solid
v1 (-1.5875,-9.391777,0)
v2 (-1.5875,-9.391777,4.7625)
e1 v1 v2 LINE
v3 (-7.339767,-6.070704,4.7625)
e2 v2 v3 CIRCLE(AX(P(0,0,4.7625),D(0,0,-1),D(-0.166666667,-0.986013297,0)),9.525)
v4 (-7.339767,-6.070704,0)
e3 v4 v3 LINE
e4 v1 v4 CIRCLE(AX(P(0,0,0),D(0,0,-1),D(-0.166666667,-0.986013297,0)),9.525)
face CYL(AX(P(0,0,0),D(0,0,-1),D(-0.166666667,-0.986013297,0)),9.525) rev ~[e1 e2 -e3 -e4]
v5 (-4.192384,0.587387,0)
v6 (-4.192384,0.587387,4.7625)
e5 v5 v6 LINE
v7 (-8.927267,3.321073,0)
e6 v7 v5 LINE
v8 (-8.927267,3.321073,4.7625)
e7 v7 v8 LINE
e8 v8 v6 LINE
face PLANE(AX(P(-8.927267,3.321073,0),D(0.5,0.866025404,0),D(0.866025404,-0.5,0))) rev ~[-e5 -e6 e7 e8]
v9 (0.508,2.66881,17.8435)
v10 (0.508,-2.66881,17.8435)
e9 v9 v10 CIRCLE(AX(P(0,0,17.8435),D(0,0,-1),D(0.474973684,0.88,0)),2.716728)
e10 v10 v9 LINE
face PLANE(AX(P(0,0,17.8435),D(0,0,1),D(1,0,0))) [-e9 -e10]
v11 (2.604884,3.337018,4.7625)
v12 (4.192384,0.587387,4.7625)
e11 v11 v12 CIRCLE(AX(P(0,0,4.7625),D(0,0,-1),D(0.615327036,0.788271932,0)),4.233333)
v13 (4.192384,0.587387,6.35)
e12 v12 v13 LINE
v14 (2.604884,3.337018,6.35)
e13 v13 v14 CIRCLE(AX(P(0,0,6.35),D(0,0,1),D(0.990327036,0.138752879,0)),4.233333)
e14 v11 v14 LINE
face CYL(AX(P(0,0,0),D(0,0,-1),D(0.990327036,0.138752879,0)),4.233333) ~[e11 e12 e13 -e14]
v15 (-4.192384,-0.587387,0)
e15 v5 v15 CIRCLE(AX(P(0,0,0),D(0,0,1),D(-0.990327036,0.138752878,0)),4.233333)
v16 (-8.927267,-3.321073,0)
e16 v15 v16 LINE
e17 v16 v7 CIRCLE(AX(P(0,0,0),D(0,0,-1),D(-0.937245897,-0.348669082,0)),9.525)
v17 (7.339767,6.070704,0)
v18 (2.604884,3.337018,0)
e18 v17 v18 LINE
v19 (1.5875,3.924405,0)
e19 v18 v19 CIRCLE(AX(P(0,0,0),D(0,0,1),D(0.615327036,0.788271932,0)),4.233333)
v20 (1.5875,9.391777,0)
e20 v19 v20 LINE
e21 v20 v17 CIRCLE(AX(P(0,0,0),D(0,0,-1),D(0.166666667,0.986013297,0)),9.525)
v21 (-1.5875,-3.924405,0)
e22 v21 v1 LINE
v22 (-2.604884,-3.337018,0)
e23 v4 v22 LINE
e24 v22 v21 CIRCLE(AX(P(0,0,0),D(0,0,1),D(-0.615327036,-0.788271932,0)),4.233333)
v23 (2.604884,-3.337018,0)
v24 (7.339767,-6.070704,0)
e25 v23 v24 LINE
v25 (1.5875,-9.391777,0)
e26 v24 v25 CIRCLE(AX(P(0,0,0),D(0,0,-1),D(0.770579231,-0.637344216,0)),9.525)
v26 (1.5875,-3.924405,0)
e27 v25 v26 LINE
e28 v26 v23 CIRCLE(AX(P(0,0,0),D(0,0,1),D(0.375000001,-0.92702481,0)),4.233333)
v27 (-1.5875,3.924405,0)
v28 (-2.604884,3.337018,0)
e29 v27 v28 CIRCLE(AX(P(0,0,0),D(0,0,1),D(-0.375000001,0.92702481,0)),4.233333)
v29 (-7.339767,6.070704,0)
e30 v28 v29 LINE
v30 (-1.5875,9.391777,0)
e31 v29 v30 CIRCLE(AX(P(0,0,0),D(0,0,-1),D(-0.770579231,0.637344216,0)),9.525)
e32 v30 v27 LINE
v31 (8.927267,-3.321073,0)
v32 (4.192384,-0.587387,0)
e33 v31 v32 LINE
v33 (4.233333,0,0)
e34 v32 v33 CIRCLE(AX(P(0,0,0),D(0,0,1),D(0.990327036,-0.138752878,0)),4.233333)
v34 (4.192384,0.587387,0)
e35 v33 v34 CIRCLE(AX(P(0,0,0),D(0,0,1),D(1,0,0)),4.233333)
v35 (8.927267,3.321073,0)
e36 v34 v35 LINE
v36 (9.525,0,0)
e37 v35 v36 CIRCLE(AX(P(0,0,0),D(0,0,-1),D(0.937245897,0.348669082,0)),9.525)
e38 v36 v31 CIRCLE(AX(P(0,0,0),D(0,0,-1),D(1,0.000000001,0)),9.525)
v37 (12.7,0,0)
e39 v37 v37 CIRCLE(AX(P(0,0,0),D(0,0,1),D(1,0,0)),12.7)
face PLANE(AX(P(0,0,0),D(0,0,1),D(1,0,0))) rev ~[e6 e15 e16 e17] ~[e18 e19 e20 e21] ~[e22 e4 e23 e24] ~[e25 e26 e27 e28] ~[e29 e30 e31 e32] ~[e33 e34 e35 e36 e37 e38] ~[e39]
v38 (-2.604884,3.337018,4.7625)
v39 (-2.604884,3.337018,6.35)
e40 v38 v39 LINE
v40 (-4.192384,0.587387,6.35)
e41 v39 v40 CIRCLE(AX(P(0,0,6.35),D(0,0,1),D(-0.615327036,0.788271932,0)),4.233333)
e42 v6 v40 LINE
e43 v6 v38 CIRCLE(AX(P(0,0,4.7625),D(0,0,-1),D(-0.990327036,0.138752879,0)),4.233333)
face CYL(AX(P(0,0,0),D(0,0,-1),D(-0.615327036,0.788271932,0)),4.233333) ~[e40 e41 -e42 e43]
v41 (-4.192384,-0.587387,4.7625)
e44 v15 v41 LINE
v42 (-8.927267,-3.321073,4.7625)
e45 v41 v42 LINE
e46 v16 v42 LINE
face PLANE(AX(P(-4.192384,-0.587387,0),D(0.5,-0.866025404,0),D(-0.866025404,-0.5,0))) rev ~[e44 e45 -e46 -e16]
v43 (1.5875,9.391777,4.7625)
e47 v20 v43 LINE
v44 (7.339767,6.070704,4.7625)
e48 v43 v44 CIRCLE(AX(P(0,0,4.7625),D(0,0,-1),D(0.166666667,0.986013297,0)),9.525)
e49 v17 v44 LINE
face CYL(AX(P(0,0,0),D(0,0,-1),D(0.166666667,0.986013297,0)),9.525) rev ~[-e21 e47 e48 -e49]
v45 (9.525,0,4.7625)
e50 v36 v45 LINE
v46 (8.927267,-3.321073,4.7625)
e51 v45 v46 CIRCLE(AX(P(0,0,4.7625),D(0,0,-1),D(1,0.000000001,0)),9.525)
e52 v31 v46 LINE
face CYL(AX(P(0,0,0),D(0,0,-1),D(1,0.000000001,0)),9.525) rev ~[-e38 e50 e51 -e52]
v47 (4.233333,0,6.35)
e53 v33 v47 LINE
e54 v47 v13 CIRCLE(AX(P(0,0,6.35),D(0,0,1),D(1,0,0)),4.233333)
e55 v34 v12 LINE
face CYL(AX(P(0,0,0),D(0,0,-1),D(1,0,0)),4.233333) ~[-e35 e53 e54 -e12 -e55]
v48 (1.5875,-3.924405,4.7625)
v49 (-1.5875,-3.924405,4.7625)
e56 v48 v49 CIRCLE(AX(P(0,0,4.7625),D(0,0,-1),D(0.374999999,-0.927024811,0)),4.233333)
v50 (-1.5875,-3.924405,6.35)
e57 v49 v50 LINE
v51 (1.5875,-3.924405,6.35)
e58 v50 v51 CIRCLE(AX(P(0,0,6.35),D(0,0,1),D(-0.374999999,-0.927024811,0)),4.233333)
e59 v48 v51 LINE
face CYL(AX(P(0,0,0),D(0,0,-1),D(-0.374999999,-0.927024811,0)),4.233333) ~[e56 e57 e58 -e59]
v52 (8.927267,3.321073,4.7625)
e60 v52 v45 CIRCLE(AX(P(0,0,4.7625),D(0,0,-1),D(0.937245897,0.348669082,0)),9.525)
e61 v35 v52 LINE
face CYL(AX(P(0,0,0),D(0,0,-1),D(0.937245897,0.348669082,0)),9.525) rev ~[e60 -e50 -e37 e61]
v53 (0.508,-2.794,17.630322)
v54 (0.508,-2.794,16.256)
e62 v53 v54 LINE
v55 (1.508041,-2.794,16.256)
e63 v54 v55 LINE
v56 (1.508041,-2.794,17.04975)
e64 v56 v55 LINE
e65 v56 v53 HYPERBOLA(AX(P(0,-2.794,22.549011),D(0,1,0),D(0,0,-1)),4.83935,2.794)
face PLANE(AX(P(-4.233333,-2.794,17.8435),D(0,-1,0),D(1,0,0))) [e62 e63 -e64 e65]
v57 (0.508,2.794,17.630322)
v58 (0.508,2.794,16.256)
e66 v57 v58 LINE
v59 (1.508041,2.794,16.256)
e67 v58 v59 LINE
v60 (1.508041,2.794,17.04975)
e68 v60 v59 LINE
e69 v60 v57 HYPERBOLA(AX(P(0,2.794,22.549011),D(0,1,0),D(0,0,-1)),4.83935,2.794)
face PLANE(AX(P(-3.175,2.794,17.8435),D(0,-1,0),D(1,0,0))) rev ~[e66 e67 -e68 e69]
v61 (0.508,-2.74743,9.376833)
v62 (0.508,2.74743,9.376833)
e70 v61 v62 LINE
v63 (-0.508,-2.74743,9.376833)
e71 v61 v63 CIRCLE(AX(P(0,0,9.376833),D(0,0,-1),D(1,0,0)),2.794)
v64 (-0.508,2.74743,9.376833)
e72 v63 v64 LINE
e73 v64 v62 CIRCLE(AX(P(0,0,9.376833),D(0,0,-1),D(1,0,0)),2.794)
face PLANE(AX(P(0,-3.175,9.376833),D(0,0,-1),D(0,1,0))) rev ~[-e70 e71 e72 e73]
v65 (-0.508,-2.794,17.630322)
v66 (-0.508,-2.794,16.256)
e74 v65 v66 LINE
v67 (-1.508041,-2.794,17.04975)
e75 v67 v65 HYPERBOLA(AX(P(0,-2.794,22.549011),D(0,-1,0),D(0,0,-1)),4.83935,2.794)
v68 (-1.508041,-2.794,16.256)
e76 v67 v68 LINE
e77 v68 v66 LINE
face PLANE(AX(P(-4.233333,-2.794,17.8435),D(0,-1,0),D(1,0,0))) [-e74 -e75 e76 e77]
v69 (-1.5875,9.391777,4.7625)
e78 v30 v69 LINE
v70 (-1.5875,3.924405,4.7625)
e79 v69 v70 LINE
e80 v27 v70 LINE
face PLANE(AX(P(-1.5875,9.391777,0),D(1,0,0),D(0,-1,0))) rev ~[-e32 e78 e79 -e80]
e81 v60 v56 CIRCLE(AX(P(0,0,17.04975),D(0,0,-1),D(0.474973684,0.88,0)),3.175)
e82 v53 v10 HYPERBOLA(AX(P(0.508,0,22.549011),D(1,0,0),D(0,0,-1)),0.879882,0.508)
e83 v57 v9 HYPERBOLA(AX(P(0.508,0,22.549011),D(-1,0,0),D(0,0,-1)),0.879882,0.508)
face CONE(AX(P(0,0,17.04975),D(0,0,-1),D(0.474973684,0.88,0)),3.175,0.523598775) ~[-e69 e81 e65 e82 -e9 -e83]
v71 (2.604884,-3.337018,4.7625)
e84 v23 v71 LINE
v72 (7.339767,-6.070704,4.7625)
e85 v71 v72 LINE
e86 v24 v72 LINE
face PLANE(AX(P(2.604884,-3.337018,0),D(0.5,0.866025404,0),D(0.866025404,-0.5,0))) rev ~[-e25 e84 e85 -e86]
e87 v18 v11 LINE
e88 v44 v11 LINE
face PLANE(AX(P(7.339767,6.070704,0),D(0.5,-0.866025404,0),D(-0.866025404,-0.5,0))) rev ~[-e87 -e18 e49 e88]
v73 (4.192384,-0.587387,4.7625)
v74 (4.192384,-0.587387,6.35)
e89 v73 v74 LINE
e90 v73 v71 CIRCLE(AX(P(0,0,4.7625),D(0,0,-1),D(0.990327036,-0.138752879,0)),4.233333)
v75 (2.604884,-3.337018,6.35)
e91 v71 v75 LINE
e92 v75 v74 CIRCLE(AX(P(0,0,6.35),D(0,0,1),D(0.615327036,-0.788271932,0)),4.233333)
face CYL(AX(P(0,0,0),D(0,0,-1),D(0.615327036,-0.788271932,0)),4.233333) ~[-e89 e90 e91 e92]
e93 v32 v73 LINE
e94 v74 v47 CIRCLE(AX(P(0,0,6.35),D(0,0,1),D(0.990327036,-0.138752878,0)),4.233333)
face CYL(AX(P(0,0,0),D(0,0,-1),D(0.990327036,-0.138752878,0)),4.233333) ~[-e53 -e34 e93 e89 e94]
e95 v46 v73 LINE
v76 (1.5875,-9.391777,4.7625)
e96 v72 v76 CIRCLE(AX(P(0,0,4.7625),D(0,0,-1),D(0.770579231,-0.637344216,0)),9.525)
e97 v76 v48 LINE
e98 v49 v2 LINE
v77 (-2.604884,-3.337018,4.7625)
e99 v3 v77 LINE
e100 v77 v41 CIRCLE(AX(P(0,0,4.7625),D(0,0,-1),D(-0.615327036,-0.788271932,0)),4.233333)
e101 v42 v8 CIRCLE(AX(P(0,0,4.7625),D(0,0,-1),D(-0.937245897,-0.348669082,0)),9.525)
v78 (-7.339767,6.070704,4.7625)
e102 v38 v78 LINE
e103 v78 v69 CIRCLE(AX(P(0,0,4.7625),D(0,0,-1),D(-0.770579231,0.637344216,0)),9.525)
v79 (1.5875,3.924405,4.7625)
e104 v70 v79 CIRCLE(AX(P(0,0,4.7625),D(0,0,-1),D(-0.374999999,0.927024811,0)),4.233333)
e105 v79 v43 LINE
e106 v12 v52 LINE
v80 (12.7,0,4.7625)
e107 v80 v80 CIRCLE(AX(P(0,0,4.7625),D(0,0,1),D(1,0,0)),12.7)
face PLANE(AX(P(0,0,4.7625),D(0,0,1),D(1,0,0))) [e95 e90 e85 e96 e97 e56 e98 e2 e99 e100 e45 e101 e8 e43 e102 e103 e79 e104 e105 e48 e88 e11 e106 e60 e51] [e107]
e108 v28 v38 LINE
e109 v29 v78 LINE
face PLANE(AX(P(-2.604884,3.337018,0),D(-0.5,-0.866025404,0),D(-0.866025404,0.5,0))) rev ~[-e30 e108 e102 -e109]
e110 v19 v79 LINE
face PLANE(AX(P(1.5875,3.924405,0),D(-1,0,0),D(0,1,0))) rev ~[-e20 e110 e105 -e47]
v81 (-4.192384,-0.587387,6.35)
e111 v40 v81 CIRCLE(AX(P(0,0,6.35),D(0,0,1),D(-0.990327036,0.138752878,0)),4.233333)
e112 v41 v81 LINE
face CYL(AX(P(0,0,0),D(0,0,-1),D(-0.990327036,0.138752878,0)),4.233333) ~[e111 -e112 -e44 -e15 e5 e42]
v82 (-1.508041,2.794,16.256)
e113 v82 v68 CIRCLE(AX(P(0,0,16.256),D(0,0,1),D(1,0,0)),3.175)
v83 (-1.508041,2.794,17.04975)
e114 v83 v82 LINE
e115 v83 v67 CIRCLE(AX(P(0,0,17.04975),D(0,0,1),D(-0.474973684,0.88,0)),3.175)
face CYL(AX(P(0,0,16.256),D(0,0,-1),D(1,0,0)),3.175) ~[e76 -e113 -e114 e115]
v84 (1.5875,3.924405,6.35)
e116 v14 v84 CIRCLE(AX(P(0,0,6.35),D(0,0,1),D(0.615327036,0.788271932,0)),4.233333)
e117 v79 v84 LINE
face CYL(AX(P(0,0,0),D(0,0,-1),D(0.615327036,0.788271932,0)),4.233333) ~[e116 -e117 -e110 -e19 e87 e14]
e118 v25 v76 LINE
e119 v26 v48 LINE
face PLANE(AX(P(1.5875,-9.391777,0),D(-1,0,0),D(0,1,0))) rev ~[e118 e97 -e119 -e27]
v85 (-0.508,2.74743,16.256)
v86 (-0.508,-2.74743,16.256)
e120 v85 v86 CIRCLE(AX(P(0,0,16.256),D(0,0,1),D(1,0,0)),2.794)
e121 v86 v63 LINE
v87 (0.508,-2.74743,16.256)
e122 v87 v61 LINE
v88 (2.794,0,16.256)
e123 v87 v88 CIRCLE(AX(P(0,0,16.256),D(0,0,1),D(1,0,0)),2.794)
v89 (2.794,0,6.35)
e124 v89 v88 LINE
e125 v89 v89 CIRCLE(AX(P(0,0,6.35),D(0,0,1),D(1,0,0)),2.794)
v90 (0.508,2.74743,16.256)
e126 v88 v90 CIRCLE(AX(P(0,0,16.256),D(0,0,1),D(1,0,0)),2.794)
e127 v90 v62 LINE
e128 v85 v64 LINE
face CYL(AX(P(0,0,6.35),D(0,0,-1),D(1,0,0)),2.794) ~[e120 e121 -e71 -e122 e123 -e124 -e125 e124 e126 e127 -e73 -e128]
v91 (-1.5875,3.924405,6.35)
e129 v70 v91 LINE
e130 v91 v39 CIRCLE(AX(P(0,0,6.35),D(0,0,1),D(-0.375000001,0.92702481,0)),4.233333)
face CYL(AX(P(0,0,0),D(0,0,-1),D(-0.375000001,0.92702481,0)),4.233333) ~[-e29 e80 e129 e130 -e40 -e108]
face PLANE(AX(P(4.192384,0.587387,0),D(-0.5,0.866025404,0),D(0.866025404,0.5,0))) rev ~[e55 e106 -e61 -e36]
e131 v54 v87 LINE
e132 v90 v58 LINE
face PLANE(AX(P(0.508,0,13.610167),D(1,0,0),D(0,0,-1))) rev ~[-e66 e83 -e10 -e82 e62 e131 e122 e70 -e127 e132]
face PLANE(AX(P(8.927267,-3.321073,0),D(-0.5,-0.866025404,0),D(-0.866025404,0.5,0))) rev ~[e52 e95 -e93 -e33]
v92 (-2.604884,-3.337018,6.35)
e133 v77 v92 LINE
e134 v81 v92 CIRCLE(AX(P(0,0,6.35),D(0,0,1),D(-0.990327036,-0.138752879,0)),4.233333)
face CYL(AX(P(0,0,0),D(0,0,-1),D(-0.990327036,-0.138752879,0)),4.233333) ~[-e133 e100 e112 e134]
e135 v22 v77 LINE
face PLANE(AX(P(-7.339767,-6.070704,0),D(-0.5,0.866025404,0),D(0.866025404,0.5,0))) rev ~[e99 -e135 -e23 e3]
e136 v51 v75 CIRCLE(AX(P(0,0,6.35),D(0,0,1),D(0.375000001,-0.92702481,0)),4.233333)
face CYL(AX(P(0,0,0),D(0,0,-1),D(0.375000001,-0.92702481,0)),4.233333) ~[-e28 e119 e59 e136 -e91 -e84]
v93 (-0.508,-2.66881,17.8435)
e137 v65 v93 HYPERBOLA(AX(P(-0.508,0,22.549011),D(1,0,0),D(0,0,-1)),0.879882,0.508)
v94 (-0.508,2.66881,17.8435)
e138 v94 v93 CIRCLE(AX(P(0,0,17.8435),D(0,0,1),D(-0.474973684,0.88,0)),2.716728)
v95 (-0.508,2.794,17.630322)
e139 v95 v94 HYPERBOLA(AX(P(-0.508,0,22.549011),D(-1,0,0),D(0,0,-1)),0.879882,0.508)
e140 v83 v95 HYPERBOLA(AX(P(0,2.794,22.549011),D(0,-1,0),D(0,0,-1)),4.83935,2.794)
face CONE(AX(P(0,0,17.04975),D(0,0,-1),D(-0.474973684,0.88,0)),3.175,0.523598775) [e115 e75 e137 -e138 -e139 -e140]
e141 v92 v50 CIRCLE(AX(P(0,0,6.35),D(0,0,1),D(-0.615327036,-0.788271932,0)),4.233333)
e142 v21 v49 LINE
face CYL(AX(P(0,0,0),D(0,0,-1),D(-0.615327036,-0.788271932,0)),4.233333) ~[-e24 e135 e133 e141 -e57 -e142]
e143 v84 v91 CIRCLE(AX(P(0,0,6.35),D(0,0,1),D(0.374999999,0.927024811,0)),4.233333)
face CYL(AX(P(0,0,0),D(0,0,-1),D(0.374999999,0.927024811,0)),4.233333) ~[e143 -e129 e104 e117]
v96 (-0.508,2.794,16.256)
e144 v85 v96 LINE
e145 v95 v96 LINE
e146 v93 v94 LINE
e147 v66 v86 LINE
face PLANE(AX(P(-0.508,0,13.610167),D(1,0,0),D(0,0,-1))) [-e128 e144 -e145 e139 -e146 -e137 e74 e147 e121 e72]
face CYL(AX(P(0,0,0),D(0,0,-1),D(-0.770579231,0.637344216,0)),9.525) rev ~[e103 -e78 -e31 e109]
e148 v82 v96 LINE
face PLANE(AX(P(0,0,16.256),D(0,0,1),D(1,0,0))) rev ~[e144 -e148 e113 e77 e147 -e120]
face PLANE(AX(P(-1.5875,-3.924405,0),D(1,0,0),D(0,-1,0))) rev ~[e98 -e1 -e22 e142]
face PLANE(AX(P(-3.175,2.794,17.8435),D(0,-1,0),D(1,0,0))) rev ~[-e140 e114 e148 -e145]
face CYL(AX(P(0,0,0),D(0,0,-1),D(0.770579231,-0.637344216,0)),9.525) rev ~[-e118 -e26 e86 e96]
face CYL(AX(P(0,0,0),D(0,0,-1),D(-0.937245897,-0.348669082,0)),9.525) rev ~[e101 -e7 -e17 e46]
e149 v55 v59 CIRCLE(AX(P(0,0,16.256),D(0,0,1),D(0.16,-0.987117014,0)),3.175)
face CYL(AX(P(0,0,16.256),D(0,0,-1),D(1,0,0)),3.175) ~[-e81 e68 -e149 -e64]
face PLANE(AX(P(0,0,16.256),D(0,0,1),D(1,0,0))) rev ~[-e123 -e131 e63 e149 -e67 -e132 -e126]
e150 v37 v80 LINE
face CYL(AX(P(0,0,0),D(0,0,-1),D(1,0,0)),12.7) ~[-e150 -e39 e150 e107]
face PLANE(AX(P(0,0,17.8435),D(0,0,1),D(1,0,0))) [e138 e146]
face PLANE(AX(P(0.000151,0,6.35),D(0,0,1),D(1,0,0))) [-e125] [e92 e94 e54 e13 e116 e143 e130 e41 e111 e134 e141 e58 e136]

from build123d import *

# Parameters (mm, degrees)
BOSS_EXTRUDE1_DEPTH = 6.35
BOSS_EXTRUDE2_DEPTH = 4.7625
SKETCH1_4_R         = 12.7
BOSS_EXTRUDE3_DEPTH = 4.7625
SKETCH2_R           = 2.794
BOSS_EXTRUDE4_DEPTH = 9.906
SKETCH3_R           = 3.175
BOSS_EXTRUDE5_DEPTH = 1.5875
SKETCH4_W           = 8.466666667
SKETCH4_H           = 6.35
CUT_EXTRUDE1_DEPTH  = 0.508
SKETCH5_W           = 6.35
SKETCH5_H           = 1.439333333
SKETCH5_W_2         = 8.466666666
CUT_EXTRUDE2_DEPTH  = 1.5875
CHAMFER1_SIZE       = 0.79375
CHAMFER1_SIZE2      = 0.458271776
CHAMFER2_SIZE       = 0.79375
CHAMFER2_SIZE2      = 0.458271776


with BuildPart() as part:
    # Sketch1 → Boss-Extrude1 (new body)
    with BuildSketch(Plane.XY):
        with BuildLine():
            ThreePointArc((1.5875, 3.924405033), (0, 4.233333333), (-1.5875, 3.924405033))
            ThreePointArc((-1.5875, 3.924405033), (-2.116666667, 3.666174209), (-2.604884453, 3.337017845))
            ThreePointArc((-2.604884453, 3.337017845), (-3.666174209, 2.116666667), (-4.192384453, 0.587387188))
            ThreePointArc((-4.192384453, 0.587387188), (-4.233333333, 0), (-4.192384453, -0.587387188))
            ThreePointArc((-4.192384453, -0.587387188), (-3.666174209, -2.116666667), (-2.604884453, -3.337017845))
            ThreePointArc((-2.604884453, -3.337017845), (-2.116666667, -3.666174209), (-1.5875, -3.924405033))
            ThreePointArc((-1.5875, -3.924405033), (0, -4.233333333), (1.5875, -3.924405033))
            ThreePointArc((1.5875, -3.924405033), (2.116666667, -3.666174209), (2.604884453, -3.337017845))
            ThreePointArc((2.604884453, -3.337017845), (3.666174209, -2.116666667), (4.192384453, -0.587387188))
            ThreePointArc((4.192384453, -0.587387188), (4.223083705, -0.294406402), (4.233333333, 0))
            ThreePointArc((4.233333333, 0), (4.223083705, 0.294406402), (4.192384453, 0.587387188))
            ThreePointArc((4.192384453, 0.587387188), (3.666174209, 2.116666667), (2.604884453, 3.337017845))
            ThreePointArc((2.604884453, 3.337017845), (2.116666667, 3.666174209), (1.5875, 3.924405033))
        make_face()
    extrude(amount=BOSS_EXTRUDE1_DEPTH)

    # Sketch1<3> → Boss-Extrude2 (add)
    with BuildSketch(Plane.XY):
        with BuildLine():
            Line((-1.5875, 9.391776656), (-1.5875, 3.924405033))
            ThreePointArc((-1.5875, 3.924405033), (0, 4.233333333), (1.5875, 3.924405033))
            Line((1.5875, 3.924405033), (1.5875, 9.391776656))
            ThreePointArc((1.5875, 9.391776656), (0, 9.525), (-1.5875, 9.391776656))
        make_face()
        with BuildLine():
            ThreePointArc((-4.192384453, 0.587387188), (-3.666174209, 2.116666667), (-2.604884453, 3.337017845))
            Line((-2.604884453, 3.337017845), (-7.33976717, 6.070703656))
            ThreePointArc((-7.33976717, 6.070703656), (-8.248891971, 4.7625), (-8.92726717, 3.321072999))
            Line((-8.92726717, 3.321072999), (-4.192384453, 0.587387188))
        make_face()
        with BuildLine():
            Line((7.33976717, 6.070703656), (2.604884453, 3.337017845))
            ThreePointArc((2.604884453, 3.337017845), (3.666174209, 2.116666667), (4.192384453, 0.587387188))
            Line((4.192384453, 0.587387188), (8.92726717, 3.321072999))
            ThreePointArc((8.92726717, 3.321072999), (8.248891971, 4.7625), (7.33976717, 6.070703656))
        make_face()
        with BuildLine():
            ThreePointArc((-2.604884453, -3.337017845), (-3.666174209, -2.116666667), (-4.192384453, -0.587387188))
            Line((-4.192384453, -0.587387188), (-8.92726717, -3.321072999))
            ThreePointArc((-8.92726717, -3.321072999), (-8.248891971, -4.7625), (-7.33976717, -6.070703656))
            Line((-7.33976717, -6.070703656), (-2.604884453, -3.337017845))
        make_face()
        with BuildLine():
            Line((8.92726717, -3.321072999), (4.192384453, -0.587387188))
            ThreePointArc((4.192384453, -0.587387188), (3.666174209, -2.116666667), (2.604884453, -3.337017845))
            Line((2.604884453, -3.337017845), (7.33976717, -6.070703656))
            ThreePointArc((7.33976717, -6.070703656), (8.248891971, -4.7625), (8.92726717, -3.321072999))
        make_face()
        with BuildLine():
            ThreePointArc((1.5875, -3.924405033), (0, -4.233333333), (-1.5875, -3.924405033))
            Line((-1.5875, -3.924405033), (-1.5875, -9.391776656))
            ThreePointArc((-1.5875, -9.391776656), (0, -9.525), (1.5875, -9.391776656))
            Line((1.5875, -9.391776656), (1.5875, -3.924405033))
        make_face()
    extrude(amount=BOSS_EXTRUDE2_DEPTH)

    # Sketch1<4> → Boss-Extrude3 (add)
    with BuildSketch(Plane.XY):
        Circle(SKETCH1_4_R)
        with BuildLine():
            ThreePointArc((-7.33976717, 6.070703656), (-4.7625, 8.248891971), (-1.5875, 9.391776656))
            ThreePointArc((-1.5875, 9.391776656), (0, 9.525), (1.5875, 9.391776656))
            ThreePointArc((1.5875, 9.391776656), (4.7625, 8.248891971), (7.33976717, 6.070703656))
            ThreePointArc((7.33976717, 6.070703656), (8.248891971, 4.7625), (8.92726717, 3.321072999))
            ThreePointArc((8.92726717, 3.321072999), (9.374375841, 1.687217414), (9.525, 0))
            ThreePointArc((9.525, 0), (9.374375841, -1.687217414), (8.92726717, -3.321072999))
            ThreePointArc((8.92726717, -3.321072999), (8.248891971, -4.7625), (7.33976717, -6.070703656))
            ThreePointArc((7.33976717, -6.070703656), (4.7625, -8.248891971), (1.5875, -9.391776656))
            ThreePointArc((1.5875, -9.391776656), (0, -9.525), (-1.5875, -9.391776656))
            ThreePointArc((-1.5875, -9.391776656), (-4.7625, -8.248891971), (-7.33976717, -6.070703656))
            ThreePointArc((-7.33976717, -6.070703656), (-8.248891971, -4.7625), (-8.92726717, -3.321072999))
            ThreePointArc((-8.92726717, -3.321072999), (-9.525, 0), (-8.92726717, 3.321072999))
            ThreePointArc((-8.92726717, 3.321072999), (-8.248891971, 4.7625), (-7.33976717, 6.070703656))
        make_face(mode=Mode.SUBTRACT)
    extrude(amount=BOSS_EXTRUDE3_DEPTH)

    # Sketch2 → Boss-Extrude4 (add)
    with BuildSketch(Plane.XY.offset(6.35)):
        Circle(SKETCH2_R)
    extrude(amount=BOSS_EXTRUDE4_DEPTH)

    # Sketch3 → Boss-Extrude5 (add)
    with BuildSketch(Plane.XY.offset(16.256)):
        Circle(SKETCH3_R)
    extrude(amount=BOSS_EXTRUDE5_DEPTH)

    # Sketch4 → Cut-Extrude1 (cut, symmetric)
    with BuildSketch(Plane(origin=(0, 0, 0), x_dir=(0, 0, -1), z_dir=(1, 0, 0))):
        with Locations((-13.610166667, 0)):
            Rectangle(SKETCH4_W, SKETCH4_H)
    extrude(amount=CUT_EXTRUDE1_DEPTH, both=True, mode=Mode.SUBTRACT)

    # Sketch5 → Cut-Extrude2 (cut)
    with BuildSketch(Plane.XY.offset(17.8435)):
        with Locations((0, 3.513666666)):
            Rectangle(SKETCH5_W, SKETCH5_H)
        with Locations((0, -3.513666666)):
            Rectangle(SKETCH5_W_2, SKETCH5_H)
    extrude(amount=-CUT_EXTRUDE2_DEPTH, mode=Mode.SUBTRACT)

    # Chamfer1
    chamfer1_edges = [part.edges().sort_by_distance(p)[0] for p in [
        (-3.175, 0, 17.8435),
    ]]
    chamfer1_side = [part.faces().sort_by_distance(p)[0] for p in [
        (-3.175, 0, 17.04975),
    ]]
    chamfer(chamfer1_edges, length=CHAMFER1_SIZE, length2=CHAMFER1_SIZE2, reference=chamfer1_side[0])

    # Chamfer2
    chamfer2_edges = [part.edges().sort_by_distance(p)[0] for p in [
        (3.175, 0, 17.8435),
    ]]
    chamfer2_side = [part.faces().sort_by_distance(p)[0] for p in [
        (3.175, 0, 17.04975),
    ]]
    chamfer(chamfer2_edges, length=CHAMFER2_SIZE, length2=CHAMFER2_SIZE2, reference=chamfer2_side[0])


solid = part.part
